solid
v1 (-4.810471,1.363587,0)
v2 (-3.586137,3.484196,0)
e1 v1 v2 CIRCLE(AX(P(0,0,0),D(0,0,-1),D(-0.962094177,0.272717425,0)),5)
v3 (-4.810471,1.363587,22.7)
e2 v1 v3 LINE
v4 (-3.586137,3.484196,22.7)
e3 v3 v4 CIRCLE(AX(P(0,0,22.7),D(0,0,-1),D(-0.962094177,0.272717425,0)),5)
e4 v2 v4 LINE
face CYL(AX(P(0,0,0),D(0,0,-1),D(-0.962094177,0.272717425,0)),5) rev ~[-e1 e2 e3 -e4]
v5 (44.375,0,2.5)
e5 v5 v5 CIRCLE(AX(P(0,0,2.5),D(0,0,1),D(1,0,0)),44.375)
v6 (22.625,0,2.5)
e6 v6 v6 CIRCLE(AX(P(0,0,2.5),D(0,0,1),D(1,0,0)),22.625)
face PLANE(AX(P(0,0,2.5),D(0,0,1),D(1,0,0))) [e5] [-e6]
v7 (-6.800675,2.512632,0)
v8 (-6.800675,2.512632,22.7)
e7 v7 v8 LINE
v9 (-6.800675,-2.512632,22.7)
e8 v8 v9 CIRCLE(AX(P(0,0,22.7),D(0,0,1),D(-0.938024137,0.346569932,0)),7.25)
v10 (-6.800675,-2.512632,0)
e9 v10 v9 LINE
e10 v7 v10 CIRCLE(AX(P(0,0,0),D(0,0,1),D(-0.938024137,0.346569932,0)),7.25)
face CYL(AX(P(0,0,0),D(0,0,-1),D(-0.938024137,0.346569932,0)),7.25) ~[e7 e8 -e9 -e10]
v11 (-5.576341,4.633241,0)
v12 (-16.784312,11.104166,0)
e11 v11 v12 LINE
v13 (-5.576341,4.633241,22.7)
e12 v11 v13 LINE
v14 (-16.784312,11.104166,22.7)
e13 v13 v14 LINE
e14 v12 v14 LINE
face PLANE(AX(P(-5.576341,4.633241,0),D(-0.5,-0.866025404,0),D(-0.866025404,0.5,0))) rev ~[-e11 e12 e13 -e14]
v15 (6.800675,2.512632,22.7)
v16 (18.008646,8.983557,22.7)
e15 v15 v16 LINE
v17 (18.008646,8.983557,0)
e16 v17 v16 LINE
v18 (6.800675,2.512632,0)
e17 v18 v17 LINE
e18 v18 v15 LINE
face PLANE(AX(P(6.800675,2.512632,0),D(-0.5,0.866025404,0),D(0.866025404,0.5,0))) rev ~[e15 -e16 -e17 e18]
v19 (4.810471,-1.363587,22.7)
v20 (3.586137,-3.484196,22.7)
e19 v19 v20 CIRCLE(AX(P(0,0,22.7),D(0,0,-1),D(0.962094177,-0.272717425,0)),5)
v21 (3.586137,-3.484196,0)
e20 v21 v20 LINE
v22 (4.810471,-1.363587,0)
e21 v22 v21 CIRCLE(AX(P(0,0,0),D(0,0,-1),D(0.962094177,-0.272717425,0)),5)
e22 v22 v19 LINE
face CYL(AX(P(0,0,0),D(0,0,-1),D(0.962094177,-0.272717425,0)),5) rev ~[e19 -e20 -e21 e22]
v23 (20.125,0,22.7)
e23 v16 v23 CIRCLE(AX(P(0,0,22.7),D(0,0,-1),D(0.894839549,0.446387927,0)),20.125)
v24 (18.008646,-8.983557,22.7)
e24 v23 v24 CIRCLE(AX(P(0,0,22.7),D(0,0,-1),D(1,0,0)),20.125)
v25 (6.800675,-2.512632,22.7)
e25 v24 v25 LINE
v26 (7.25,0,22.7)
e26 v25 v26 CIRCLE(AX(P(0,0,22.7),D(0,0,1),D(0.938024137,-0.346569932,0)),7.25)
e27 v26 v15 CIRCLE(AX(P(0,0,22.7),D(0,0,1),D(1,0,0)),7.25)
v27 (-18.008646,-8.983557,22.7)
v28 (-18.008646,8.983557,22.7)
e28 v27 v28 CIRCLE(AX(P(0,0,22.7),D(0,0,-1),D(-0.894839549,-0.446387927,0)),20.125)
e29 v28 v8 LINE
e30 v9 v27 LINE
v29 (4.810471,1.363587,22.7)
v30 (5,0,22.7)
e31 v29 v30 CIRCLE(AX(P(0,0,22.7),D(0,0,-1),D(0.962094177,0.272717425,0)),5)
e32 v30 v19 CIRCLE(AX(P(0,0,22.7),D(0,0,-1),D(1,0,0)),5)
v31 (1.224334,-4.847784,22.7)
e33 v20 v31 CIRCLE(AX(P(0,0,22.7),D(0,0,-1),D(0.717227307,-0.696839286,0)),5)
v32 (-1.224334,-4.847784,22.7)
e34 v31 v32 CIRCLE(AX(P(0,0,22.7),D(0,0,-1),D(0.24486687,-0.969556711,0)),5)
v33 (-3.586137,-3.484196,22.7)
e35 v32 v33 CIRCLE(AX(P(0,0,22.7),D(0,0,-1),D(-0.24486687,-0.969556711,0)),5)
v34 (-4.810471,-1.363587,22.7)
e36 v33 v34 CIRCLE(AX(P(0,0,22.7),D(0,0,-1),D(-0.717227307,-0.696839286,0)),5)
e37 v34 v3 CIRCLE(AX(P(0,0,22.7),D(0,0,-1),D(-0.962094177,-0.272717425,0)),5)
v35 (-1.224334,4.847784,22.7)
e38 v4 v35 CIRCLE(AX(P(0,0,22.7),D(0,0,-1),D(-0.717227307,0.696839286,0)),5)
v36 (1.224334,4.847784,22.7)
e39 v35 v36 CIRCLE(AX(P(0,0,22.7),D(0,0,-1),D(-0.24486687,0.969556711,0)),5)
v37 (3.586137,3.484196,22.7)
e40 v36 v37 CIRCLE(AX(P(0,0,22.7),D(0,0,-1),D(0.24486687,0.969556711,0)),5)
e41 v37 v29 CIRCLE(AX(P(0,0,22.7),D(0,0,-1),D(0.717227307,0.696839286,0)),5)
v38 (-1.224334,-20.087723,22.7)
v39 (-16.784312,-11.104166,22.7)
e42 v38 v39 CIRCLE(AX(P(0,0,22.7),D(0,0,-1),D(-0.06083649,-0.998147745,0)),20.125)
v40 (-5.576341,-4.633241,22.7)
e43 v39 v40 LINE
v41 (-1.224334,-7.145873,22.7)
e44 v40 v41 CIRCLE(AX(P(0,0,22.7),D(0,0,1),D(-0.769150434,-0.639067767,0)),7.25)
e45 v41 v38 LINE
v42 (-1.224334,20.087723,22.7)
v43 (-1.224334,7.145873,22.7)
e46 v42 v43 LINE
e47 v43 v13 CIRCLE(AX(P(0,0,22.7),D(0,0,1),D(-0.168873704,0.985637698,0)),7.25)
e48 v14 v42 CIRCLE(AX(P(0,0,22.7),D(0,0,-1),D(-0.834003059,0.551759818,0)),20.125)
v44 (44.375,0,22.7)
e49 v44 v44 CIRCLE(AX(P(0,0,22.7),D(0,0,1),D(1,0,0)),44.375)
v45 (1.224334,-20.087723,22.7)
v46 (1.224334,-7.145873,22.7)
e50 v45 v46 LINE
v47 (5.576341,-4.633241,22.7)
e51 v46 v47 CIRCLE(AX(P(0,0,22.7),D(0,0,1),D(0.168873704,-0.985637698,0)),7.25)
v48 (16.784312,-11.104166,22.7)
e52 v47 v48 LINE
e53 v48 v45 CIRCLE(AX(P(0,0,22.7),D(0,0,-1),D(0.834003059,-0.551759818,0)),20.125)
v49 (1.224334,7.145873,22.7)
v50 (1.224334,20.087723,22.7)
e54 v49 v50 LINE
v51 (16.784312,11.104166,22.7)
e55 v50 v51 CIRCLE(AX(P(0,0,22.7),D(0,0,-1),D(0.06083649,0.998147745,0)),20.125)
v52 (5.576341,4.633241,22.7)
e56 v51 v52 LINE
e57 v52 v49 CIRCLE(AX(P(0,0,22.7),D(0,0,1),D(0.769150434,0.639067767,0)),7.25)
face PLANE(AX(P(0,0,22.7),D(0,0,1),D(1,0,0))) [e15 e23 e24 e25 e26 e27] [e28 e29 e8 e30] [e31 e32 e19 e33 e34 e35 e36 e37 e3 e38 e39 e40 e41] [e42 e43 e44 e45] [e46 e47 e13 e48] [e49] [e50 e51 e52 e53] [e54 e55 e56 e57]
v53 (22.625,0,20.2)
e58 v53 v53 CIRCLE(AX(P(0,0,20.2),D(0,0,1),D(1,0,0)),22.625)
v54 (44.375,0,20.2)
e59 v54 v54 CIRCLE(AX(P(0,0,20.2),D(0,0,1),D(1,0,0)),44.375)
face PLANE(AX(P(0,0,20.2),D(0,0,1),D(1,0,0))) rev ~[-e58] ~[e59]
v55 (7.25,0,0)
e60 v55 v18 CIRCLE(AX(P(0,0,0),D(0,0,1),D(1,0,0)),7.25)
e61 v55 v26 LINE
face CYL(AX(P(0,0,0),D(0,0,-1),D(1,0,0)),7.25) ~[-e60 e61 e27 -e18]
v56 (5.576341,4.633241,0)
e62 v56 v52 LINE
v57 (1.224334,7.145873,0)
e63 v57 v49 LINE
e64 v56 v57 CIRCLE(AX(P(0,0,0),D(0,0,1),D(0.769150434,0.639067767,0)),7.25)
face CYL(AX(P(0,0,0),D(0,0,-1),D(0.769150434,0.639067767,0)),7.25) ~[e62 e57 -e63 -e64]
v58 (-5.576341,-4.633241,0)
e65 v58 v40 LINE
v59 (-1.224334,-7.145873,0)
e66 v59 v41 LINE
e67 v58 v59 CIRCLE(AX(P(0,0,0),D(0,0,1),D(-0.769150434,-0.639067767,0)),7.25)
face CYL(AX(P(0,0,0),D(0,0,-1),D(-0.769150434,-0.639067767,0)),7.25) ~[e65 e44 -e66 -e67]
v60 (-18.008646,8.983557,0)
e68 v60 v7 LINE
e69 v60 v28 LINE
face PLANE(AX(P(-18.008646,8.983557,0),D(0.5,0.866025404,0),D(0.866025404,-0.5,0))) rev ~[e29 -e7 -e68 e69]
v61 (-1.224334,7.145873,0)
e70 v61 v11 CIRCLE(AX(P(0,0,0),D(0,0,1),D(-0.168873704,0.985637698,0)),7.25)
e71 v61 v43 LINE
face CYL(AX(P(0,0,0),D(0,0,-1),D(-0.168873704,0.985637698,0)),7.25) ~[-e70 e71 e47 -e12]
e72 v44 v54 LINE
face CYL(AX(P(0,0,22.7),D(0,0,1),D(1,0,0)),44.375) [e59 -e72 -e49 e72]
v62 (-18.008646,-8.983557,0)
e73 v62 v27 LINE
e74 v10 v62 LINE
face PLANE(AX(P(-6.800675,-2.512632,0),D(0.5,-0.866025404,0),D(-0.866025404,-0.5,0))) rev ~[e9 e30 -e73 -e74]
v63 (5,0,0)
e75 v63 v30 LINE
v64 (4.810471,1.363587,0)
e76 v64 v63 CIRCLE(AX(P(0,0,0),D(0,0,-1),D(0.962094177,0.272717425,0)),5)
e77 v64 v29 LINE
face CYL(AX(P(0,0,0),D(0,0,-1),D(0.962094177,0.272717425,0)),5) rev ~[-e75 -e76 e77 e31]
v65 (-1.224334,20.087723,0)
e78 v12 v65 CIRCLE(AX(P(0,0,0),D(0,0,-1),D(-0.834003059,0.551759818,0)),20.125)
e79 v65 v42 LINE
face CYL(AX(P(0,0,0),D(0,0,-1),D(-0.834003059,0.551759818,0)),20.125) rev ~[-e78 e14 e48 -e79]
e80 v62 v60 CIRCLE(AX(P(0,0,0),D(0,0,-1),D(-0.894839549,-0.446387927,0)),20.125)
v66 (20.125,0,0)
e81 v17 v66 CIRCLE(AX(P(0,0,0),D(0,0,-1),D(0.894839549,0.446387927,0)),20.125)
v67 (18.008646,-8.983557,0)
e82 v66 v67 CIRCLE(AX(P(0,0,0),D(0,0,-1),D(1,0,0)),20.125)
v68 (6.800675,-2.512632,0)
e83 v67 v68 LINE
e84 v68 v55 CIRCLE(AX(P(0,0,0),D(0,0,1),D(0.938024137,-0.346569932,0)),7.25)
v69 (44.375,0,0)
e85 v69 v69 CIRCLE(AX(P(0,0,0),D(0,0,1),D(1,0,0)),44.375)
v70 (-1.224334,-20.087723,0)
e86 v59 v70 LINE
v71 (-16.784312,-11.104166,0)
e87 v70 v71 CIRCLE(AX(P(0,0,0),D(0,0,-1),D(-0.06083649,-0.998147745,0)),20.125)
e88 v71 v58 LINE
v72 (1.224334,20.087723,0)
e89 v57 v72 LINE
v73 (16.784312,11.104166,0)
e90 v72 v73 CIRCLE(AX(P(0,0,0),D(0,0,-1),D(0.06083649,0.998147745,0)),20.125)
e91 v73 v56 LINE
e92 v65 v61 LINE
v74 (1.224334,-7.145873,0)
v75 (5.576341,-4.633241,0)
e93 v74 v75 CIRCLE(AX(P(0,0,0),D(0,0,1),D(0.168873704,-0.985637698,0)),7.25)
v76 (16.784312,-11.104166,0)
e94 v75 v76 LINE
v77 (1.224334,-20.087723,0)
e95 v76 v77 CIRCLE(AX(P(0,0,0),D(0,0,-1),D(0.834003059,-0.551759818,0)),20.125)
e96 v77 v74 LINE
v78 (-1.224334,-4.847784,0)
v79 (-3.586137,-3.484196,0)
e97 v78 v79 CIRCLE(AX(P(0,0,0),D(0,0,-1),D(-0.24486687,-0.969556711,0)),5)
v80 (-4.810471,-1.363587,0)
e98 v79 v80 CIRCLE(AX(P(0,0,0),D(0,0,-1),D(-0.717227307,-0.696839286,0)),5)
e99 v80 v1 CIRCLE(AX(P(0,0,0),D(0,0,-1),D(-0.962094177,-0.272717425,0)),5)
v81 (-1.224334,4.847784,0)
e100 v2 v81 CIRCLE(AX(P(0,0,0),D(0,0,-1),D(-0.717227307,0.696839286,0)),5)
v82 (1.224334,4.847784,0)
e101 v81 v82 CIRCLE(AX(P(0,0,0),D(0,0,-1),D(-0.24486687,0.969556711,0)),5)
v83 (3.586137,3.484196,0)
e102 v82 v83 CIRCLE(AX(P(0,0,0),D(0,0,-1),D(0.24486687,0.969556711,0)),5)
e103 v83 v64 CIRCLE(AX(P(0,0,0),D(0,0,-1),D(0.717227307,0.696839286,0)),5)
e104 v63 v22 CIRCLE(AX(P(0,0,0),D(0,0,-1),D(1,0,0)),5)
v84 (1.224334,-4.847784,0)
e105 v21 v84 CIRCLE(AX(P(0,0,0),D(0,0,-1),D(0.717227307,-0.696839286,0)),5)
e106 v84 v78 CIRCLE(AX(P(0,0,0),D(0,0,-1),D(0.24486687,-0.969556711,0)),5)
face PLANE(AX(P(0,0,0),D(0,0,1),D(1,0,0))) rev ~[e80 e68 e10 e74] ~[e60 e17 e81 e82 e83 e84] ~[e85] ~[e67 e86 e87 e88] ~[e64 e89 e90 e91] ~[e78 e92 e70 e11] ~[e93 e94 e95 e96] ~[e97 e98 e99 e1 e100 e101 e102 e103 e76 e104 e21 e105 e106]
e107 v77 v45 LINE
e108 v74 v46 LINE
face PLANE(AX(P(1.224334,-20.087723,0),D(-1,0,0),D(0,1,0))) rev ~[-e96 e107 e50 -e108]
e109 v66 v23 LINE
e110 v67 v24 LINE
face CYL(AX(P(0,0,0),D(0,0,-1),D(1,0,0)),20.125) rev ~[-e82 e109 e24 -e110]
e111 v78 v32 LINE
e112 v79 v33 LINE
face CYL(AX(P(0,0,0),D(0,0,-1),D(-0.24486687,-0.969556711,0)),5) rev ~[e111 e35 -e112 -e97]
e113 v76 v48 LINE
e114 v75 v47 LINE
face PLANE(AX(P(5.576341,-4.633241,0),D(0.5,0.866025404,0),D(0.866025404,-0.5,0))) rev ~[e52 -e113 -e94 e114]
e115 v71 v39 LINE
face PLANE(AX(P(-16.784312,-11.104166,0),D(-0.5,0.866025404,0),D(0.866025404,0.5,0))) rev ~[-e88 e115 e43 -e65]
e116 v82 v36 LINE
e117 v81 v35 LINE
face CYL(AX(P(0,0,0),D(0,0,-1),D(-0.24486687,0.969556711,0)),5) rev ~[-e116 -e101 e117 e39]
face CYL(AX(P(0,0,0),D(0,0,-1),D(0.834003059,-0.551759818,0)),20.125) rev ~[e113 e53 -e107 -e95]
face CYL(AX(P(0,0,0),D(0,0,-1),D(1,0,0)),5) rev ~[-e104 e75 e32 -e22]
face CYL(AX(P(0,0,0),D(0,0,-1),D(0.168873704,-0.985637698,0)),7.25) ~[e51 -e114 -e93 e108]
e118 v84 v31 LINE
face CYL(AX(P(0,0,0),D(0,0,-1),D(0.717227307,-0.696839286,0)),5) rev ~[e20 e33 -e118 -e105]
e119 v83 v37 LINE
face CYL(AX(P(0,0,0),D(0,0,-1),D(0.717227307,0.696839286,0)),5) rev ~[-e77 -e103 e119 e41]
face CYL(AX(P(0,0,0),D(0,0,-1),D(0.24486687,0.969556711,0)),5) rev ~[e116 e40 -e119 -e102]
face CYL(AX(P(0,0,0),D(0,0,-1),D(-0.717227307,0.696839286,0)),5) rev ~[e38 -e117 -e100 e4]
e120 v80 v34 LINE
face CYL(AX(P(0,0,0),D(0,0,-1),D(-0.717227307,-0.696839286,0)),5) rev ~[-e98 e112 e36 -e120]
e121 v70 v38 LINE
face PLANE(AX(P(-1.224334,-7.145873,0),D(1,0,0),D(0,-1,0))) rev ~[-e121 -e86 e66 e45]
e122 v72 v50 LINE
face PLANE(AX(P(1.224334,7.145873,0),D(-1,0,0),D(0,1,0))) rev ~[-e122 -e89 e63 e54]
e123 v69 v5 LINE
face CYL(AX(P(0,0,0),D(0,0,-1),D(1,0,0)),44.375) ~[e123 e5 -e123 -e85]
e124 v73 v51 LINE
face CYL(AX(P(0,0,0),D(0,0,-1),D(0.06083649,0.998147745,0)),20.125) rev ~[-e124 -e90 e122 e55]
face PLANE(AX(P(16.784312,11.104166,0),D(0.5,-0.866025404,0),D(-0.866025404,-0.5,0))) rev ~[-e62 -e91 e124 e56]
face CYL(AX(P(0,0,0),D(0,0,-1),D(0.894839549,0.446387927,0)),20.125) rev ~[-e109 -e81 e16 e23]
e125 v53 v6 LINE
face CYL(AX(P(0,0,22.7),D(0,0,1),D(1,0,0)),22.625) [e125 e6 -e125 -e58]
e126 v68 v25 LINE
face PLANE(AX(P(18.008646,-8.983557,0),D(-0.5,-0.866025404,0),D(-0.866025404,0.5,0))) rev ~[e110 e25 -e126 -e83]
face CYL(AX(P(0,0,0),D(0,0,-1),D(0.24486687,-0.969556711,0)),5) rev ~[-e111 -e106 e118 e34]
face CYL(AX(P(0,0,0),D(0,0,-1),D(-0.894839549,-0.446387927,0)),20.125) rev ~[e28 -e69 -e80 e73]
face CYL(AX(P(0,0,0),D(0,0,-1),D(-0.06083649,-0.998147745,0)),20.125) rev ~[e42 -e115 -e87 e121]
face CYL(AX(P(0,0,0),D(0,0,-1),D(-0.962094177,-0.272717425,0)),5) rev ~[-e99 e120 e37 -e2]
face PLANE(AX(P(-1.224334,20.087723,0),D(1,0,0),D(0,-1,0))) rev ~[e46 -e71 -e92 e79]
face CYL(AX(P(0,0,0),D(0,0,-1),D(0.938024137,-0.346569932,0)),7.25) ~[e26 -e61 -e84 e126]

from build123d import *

# Parameters (mm, degrees)
F0_R     = 44.375
F1_DEPTH = 22.7
F2_R     = 44.375
F2_R_2   = 22.625
F3_DEPTH = 20.2
F4_R     = 44.375
F4_R_2   = 22.625
F5_DEPTH = 2.5


with BuildPart() as f1:
    # F0 (on Top) → F1 (new body)
    with BuildSketch(Plane.XY):
        Circle(F0_R)
        with BuildLine():
            ThreePointArc((18.0086459229, 8.9835570362), (19.5887674982, 4.6147386601), (20.125, 0))
            ThreePointArc((20.125, 0), (19.5887674982, -4.6147386601), (18.0086459229, -8.9835570362))
            Line((18.0086459229, -8.9835570362), (19.3430855029, -9.753996087))
            Line((19.3430855029, -9.753996087), (18.1187511512, -11.8746053896))
            Line((18.1187511512, -11.8746053896), (16.7843115712, -11.1041663389))
            ThreePointArc((16.7843115712, -11.1041663389), (10.0625, -17.4287612512), (1.2243343517, -20.0877233751))
            Line((1.2243343517, -20.0877233751), (1.2243343517, -21.6286014766))
            Line((1.2243343517, -21.6286014766), (-1.2243343517, -21.6286014766))
            Line((-1.2243343517, -21.6286014766), (-1.2243343517, -20.0877233751))
            ThreePointArc((-1.2243343517, -20.0877233751), (-10.0625, -17.4287612512), (-16.7843115712, -11.1041663389))
            Line((-16.7843115712, -11.1041663389), (-18.1187511512, -11.8746053896))
            Line((-18.1187511512, -11.8746053896), (-19.3430855029, -9.753996087))
            Line((-19.3430855029, -9.753996087), (-18.0086459229, -8.9835570362))
            ThreePointArc((-18.0086459229, -8.9835570362), (-20.125, 0), (-18.0086459229, 8.9835570362))
            Line((-18.0086459229, 8.9835570362), (-19.3430855029, 9.753996087))
            Line((-19.3430855029, 9.753996087), (-18.1187511512, 11.8746053896))
            Line((-18.1187511512, 11.8746053896), (-16.7843115712, 11.1041663389))
            ThreePointArc((-16.7843115712, 11.1041663389), (-10.0625, 17.4287612512), (-1.2243343517, 20.0877233751))
            Line((-1.2243343517, 20.0877233751), (-1.2243343517, 21.6286014766))
            Line((-1.2243343517, 21.6286014766), (1.2243343517, 21.6286014766))
            Line((1.2243343517, 21.6286014766), (1.2243343517, 20.0877233751))
            ThreePointArc((1.2243343517, 20.0877233751), (10.0625, 17.4287612512), (16.7843115712, 11.1041663389))
            Line((16.7843115712, 11.1041663389), (18.1187511512, 11.8746053896))
            Line((18.1187511512, 11.8746053896), (19.3430855029, 9.753996087))
            Line((19.3430855029, 9.753996087), (18.0086459229, 8.9835570362))
        make_face(mode=Mode.SUBTRACT)
        with BuildLine():
            Line((-5.5763406448, 4.6332413075), (-16.7843115712, 11.1041663389))
            ThreePointArc((-16.7843115712, 11.1041663389), (-17.4287612512, 10.0625), (-18.0086459229, 8.9835570362))
            Line((-18.0086459229, 8.9835570362), (-6.8006749965, 2.5126320048))
            ThreePointArc((-6.8006749965, 2.5126320048), (-6.2786841774, 3.625), (-5.5763406448, 4.6332413075))
        make_face()
        with BuildLine():
            Line((1.2243343517, 7.1458733123), (1.2243343517, 20.0877233751))
            ThreePointArc((1.2243343517, 20.0877233751), (0, 20.125), (-1.2243343517, 20.0877233751))
            Line((-1.2243343517, 20.0877233751), (-1.2243343517, 7.1458733123))
            ThreePointArc((-1.2243343517, 7.1458733123), (0, 7.25), (1.2243343517, 7.1458733123))
        make_face()
        with BuildLine():
            Line((6.8006749965, 2.5126320048), (18.0086459229, 8.9835570362))
            ThreePointArc((18.0086459229, 8.9835570362), (17.4287612512, 10.0625), (16.7843115712, 11.1041663389))
            Line((16.7843115712, 11.1041663389), (5.5763406448, 4.6332413075))
            ThreePointArc((5.5763406448, 4.6332413075), (6.2786841774, 3.625), (6.8006749965, 2.5126320048))
        make_face()
        with BuildLine():
            ThreePointArc((16.7843115712, -11.1041663389), (17.4287612512, -10.0625), (18.0086459229, -8.9835570362))
            Line((18.0086459229, -8.9835570362), (6.8006749965, -2.5126320048))
            ThreePointArc((6.8006749965, -2.5126320048), (6.2786841774, -3.625), (5.5763406448, -4.6332413075))
            Line((5.5763406448, -4.6332413075), (16.7843115712, -11.1041663389))
        make_face()
        with BuildLine():
            ThreePointArc((-18.0086459229, -8.9835570362), (-17.4287612512, -10.0625), (-16.7843115712, -11.1041663389))
            Line((-16.7843115712, -11.1041663389), (-5.5763406448, -4.6332413075))
            ThreePointArc((-5.5763406448, -4.6332413075), (-6.2786841774, -3.625), (-6.8006749965, -2.5126320048))
            Line((-6.8006749965, -2.5126320048), (-18.0086459229, -8.9835570362))
        make_face()
        with BuildLine():
            ThreePointArc((-1.2243343517, -20.0877233751), (0, -20.125), (1.2243343517, -20.0877233751))
            Line((1.2243343517, -20.0877233751), (1.2243343517, -7.1458733123))
            ThreePointArc((1.2243343517, -7.1458733123), (0, -7.25), (-1.2243343517, -7.1458733123))
            Line((-1.2243343517, -7.1458733123), (-1.2243343517, -20.0877233751))
        make_face()
        with BuildLine():
            ThreePointArc((-18.0086459229, 8.9835570362), (-17.4287612512, 10.0625), (-16.7843115712, 11.1041663389))
            Line((-16.7843115712, 11.1041663389), (-18.1187511512, 11.8746053896))
            Line((-18.1187511512, 11.8746053896), (-19.3430855029, 9.753996087))
            Line((-19.3430855029, 9.753996087), (-18.0086459229, 8.9835570362))
        make_face()
        with BuildLine():
            ThreePointArc((-1.2243343517, 20.0877233751), (0, 20.125), (1.2243343517, 20.0877233751))
            Line((1.2243343517, 20.0877233751), (1.2243343517, 21.6286014766))
            Line((1.2243343517, 21.6286014766), (-1.2243343517, 21.6286014766))
            Line((-1.2243343517, 21.6286014766), (-1.2243343517, 20.0877233751))
        make_face()
        with BuildLine():
            ThreePointArc((16.7843115712, 11.1041663389), (17.4287612512, 10.0625), (18.0086459229, 8.9835570362))
            Line((18.0086459229, 8.9835570362), (19.3430855029, 9.753996087))
            Line((19.3430855029, 9.753996087), (18.1187511512, 11.8746053896))
            Line((18.1187511512, 11.8746053896), (16.7843115712, 11.1041663389))
        make_face()
        with BuildLine():
            Line((19.3430855029, -9.753996087), (18.0086459229, -8.9835570362))
            ThreePointArc((18.0086459229, -8.9835570362), (17.4287612512, -10.0625), (16.7843115712, -11.1041663389))
            Line((16.7843115712, -11.1041663389), (18.1187511512, -11.8746053896))
            Line((18.1187511512, -11.8746053896), (19.3430855029, -9.753996087))
        make_face()
        with BuildLine():
            Line((1.2243343517, -21.6286014766), (1.2243343517, -20.0877233751))
            ThreePointArc((1.2243343517, -20.0877233751), (0, -20.125), (-1.2243343517, -20.0877233751))
            Line((-1.2243343517, -20.0877233751), (-1.2243343517, -21.6286014766))
            Line((-1.2243343517, -21.6286014766), (1.2243343517, -21.6286014766))
        make_face()
        with BuildLine():
            Line((-18.1187511512, -11.8746053896), (-16.7843115712, -11.1041663389))
            ThreePointArc((-16.7843115712, -11.1041663389), (-17.4287612512, -10.0625), (-18.0086459229, -8.9835570362))
            Line((-18.0086459229, -8.9835570362), (-19.3430855029, -9.753996087))
            Line((-19.3430855029, -9.753996087), (-18.1187511512, -11.8746053896))
        make_face()
        with BuildLine():
            Line((-3.5861365347, 3.4841964288), (-5.5763406448, 4.6332413075))
            ThreePointArc((-5.5763406448, 4.6332413075), (-6.2786841774, 3.625), (-6.8006749965, 2.5126320048))
            Line((-6.8006749965, 2.5126320048), (-4.8104708865, 1.3635871261))
            ThreePointArc((-4.8104708865, 1.3635871261), (-4.3301270189, 2.5), (-3.5861365347, 3.4841964288))
        make_face()
        with BuildLine():
            Line((-4.8104708865, 1.3635871261), (-6.8006749965, 2.5126320048))
            ThreePointArc((-6.8006749965, 2.5126320048), (-7.25, 0), (-6.8006749965, -2.5126320048))
            Line((-6.8006749965, -2.5126320048), (-4.8104708865, -1.3635871261))
            ThreePointArc((-4.8104708865, -1.3635871261), (-5, 0), (-4.8104708865, 1.3635871261))
        make_face()
        with BuildLine():
            ThreePointArc((-6.8006749965, -2.5126320048), (-6.2786841774, -3.625), (-5.5763406448, -4.6332413075))
            Line((-5.5763406448, -4.6332413075), (-3.5861365347, -3.4841964288))
            ThreePointArc((-3.5861365347, -3.4841964288), (-4.3301270189, -2.5), (-4.8104708865, -1.3635871261))
            Line((-4.8104708865, -1.3635871261), (-6.8006749965, -2.5126320048))
        make_face()
        with BuildLine():
            ThreePointArc((-5.5763406448, -4.6332413075), (-3.625, -6.2786841774), (-1.2243343517, -7.1458733123))
            Line((-1.2243343517, -7.1458733123), (-1.2243343517, -4.8477835549))
            ThreePointArc((-1.2243343517, -4.8477835549), (-2.5, -4.3301270189), (-3.5861365347, -3.4841964288))
            Line((-3.5861365347, -3.4841964288), (-5.5763406448, -4.6332413075))
        make_face()
        with BuildLine():
            ThreePointArc((-1.2243343517, -7.1458733123), (0, -7.25), (1.2243343517, -7.1458733123))
            Line((1.2243343517, -7.1458733123), (1.2243343517, -4.8477835549))
            ThreePointArc((1.2243343517, -4.8477835549), (0, -5), (-1.2243343517, -4.8477835549))
            Line((-1.2243343517, -4.8477835549), (-1.2243343517, -7.1458733123))
        make_face()
        with BuildLine():
            ThreePointArc((5.5763406448, -4.6332413075), (6.2786841774, -3.625), (6.8006749965, -2.5126320048))
            Line((6.8006749965, -2.5126320048), (4.8104708865, -1.3635871261))
            ThreePointArc((4.8104708865, -1.3635871261), (4.3301270189, -2.5), (3.5861365347, -3.4841964288))
            Line((3.5861365347, -3.4841964288), (5.5763406448, -4.6332413075))
        make_face()
        with BuildLine():
            ThreePointArc((7.25, 0), (7.1367847706, 1.2762457199), (6.8006749965, 2.5126320048))
            Line((6.8006749965, 2.5126320048), (4.8104708865, 1.3635871261))
            ThreePointArc((4.8104708865, 1.3635871261), (4.9523910605, 0.6883478654), (5, 0))
            ThreePointArc((5, 0), (4.9523910605, -0.6883478654), (4.8104708865, -1.3635871261))
            Line((4.8104708865, -1.3635871261), (6.8006749965, -2.5126320048))
            ThreePointArc((6.8006749965, -2.5126320048), (7.1367847706, -1.2762457199), (7.25, 0))
        make_face()
        with BuildLine():
            Line((4.8104708865, 1.3635871261), (6.8006749965, 2.5126320048))
            ThreePointArc((6.8006749965, 2.5126320048), (6.2786841774, 3.625), (5.5763406448, 4.6332413075))
            Line((5.5763406448, 4.6332413075), (3.5861365347, 3.4841964288))
            ThreePointArc((3.5861365347, 3.4841964288), (4.3301270189, 2.5), (4.8104708865, 1.3635871261))
        make_face()
        with BuildLine():
            Line((3.5861365347, 3.4841964288), (5.5763406448, 4.6332413075))
            ThreePointArc((5.5763406448, 4.6332413075), (3.625, 6.2786841774), (1.2243343517, 7.1458733123))
            Line((1.2243343517, 7.1458733123), (1.2243343517, 4.8477835549))
            ThreePointArc((1.2243343517, 4.8477835549), (2.5, 4.3301270189), (3.5861365347, 3.4841964288))
        make_face()
        with BuildLine():
            Line((-1.2243343517, 4.8477835549), (-1.2243343517, 7.1458733123))
            ThreePointArc((-1.2243343517, 7.1458733123), (-3.625, 6.2786841774), (-5.5763406448, 4.6332413075))
            Line((-5.5763406448, 4.6332413075), (-3.5861365347, 3.4841964288))
            ThreePointArc((-3.5861365347, 3.4841964288), (-2.5, 4.3301270189), (-1.2243343517, 4.8477835549))
        make_face()
        with BuildLine():
            Line((1.2243343517, 4.8477835549), (1.2243343517, 7.1458733123))
            ThreePointArc((1.2243343517, 7.1458733123), (0, 7.25), (-1.2243343517, 7.1458733123))
            Line((-1.2243343517, 7.1458733123), (-1.2243343517, 4.8477835549))
            ThreePointArc((-1.2243343517, 4.8477835549), (0, 5), (1.2243343517, 4.8477835549))
        make_face()
        with BuildLine():
            ThreePointArc((1.2243343517, -7.1458733123), (3.625, -6.2786841774), (5.5763406448, -4.6332413075))
            Line((5.5763406448, -4.6332413075), (3.5861365347, -3.4841964288))
            ThreePointArc((3.5861365347, -3.4841964288), (2.5, -4.3301270189), (1.2243343517, -4.8477835549))
            Line((1.2243343517, -4.8477835549), (1.2243343517, -7.1458733123))
        make_face()
    extrude(amount=F1_DEPTH)

    # F2 (on face) → F3 (cut)
    with BuildSketch(Plane.XY.offset(22.7)):
        Circle(F2_R)
        Circle(F2_R_2, mode=Mode.SUBTRACT)
    extrude(amount=-F3_DEPTH, mode=Mode.SUBTRACT)

    # F4 (on face) → F5 (join)
    with BuildSketch(Plane.XY.offset(22.7)):
        Circle(F4_R)
        Circle(F4_R_2, mode=Mode.SUBTRACT)
    extrude(amount=-F5_DEPTH)


solid = f1.part
